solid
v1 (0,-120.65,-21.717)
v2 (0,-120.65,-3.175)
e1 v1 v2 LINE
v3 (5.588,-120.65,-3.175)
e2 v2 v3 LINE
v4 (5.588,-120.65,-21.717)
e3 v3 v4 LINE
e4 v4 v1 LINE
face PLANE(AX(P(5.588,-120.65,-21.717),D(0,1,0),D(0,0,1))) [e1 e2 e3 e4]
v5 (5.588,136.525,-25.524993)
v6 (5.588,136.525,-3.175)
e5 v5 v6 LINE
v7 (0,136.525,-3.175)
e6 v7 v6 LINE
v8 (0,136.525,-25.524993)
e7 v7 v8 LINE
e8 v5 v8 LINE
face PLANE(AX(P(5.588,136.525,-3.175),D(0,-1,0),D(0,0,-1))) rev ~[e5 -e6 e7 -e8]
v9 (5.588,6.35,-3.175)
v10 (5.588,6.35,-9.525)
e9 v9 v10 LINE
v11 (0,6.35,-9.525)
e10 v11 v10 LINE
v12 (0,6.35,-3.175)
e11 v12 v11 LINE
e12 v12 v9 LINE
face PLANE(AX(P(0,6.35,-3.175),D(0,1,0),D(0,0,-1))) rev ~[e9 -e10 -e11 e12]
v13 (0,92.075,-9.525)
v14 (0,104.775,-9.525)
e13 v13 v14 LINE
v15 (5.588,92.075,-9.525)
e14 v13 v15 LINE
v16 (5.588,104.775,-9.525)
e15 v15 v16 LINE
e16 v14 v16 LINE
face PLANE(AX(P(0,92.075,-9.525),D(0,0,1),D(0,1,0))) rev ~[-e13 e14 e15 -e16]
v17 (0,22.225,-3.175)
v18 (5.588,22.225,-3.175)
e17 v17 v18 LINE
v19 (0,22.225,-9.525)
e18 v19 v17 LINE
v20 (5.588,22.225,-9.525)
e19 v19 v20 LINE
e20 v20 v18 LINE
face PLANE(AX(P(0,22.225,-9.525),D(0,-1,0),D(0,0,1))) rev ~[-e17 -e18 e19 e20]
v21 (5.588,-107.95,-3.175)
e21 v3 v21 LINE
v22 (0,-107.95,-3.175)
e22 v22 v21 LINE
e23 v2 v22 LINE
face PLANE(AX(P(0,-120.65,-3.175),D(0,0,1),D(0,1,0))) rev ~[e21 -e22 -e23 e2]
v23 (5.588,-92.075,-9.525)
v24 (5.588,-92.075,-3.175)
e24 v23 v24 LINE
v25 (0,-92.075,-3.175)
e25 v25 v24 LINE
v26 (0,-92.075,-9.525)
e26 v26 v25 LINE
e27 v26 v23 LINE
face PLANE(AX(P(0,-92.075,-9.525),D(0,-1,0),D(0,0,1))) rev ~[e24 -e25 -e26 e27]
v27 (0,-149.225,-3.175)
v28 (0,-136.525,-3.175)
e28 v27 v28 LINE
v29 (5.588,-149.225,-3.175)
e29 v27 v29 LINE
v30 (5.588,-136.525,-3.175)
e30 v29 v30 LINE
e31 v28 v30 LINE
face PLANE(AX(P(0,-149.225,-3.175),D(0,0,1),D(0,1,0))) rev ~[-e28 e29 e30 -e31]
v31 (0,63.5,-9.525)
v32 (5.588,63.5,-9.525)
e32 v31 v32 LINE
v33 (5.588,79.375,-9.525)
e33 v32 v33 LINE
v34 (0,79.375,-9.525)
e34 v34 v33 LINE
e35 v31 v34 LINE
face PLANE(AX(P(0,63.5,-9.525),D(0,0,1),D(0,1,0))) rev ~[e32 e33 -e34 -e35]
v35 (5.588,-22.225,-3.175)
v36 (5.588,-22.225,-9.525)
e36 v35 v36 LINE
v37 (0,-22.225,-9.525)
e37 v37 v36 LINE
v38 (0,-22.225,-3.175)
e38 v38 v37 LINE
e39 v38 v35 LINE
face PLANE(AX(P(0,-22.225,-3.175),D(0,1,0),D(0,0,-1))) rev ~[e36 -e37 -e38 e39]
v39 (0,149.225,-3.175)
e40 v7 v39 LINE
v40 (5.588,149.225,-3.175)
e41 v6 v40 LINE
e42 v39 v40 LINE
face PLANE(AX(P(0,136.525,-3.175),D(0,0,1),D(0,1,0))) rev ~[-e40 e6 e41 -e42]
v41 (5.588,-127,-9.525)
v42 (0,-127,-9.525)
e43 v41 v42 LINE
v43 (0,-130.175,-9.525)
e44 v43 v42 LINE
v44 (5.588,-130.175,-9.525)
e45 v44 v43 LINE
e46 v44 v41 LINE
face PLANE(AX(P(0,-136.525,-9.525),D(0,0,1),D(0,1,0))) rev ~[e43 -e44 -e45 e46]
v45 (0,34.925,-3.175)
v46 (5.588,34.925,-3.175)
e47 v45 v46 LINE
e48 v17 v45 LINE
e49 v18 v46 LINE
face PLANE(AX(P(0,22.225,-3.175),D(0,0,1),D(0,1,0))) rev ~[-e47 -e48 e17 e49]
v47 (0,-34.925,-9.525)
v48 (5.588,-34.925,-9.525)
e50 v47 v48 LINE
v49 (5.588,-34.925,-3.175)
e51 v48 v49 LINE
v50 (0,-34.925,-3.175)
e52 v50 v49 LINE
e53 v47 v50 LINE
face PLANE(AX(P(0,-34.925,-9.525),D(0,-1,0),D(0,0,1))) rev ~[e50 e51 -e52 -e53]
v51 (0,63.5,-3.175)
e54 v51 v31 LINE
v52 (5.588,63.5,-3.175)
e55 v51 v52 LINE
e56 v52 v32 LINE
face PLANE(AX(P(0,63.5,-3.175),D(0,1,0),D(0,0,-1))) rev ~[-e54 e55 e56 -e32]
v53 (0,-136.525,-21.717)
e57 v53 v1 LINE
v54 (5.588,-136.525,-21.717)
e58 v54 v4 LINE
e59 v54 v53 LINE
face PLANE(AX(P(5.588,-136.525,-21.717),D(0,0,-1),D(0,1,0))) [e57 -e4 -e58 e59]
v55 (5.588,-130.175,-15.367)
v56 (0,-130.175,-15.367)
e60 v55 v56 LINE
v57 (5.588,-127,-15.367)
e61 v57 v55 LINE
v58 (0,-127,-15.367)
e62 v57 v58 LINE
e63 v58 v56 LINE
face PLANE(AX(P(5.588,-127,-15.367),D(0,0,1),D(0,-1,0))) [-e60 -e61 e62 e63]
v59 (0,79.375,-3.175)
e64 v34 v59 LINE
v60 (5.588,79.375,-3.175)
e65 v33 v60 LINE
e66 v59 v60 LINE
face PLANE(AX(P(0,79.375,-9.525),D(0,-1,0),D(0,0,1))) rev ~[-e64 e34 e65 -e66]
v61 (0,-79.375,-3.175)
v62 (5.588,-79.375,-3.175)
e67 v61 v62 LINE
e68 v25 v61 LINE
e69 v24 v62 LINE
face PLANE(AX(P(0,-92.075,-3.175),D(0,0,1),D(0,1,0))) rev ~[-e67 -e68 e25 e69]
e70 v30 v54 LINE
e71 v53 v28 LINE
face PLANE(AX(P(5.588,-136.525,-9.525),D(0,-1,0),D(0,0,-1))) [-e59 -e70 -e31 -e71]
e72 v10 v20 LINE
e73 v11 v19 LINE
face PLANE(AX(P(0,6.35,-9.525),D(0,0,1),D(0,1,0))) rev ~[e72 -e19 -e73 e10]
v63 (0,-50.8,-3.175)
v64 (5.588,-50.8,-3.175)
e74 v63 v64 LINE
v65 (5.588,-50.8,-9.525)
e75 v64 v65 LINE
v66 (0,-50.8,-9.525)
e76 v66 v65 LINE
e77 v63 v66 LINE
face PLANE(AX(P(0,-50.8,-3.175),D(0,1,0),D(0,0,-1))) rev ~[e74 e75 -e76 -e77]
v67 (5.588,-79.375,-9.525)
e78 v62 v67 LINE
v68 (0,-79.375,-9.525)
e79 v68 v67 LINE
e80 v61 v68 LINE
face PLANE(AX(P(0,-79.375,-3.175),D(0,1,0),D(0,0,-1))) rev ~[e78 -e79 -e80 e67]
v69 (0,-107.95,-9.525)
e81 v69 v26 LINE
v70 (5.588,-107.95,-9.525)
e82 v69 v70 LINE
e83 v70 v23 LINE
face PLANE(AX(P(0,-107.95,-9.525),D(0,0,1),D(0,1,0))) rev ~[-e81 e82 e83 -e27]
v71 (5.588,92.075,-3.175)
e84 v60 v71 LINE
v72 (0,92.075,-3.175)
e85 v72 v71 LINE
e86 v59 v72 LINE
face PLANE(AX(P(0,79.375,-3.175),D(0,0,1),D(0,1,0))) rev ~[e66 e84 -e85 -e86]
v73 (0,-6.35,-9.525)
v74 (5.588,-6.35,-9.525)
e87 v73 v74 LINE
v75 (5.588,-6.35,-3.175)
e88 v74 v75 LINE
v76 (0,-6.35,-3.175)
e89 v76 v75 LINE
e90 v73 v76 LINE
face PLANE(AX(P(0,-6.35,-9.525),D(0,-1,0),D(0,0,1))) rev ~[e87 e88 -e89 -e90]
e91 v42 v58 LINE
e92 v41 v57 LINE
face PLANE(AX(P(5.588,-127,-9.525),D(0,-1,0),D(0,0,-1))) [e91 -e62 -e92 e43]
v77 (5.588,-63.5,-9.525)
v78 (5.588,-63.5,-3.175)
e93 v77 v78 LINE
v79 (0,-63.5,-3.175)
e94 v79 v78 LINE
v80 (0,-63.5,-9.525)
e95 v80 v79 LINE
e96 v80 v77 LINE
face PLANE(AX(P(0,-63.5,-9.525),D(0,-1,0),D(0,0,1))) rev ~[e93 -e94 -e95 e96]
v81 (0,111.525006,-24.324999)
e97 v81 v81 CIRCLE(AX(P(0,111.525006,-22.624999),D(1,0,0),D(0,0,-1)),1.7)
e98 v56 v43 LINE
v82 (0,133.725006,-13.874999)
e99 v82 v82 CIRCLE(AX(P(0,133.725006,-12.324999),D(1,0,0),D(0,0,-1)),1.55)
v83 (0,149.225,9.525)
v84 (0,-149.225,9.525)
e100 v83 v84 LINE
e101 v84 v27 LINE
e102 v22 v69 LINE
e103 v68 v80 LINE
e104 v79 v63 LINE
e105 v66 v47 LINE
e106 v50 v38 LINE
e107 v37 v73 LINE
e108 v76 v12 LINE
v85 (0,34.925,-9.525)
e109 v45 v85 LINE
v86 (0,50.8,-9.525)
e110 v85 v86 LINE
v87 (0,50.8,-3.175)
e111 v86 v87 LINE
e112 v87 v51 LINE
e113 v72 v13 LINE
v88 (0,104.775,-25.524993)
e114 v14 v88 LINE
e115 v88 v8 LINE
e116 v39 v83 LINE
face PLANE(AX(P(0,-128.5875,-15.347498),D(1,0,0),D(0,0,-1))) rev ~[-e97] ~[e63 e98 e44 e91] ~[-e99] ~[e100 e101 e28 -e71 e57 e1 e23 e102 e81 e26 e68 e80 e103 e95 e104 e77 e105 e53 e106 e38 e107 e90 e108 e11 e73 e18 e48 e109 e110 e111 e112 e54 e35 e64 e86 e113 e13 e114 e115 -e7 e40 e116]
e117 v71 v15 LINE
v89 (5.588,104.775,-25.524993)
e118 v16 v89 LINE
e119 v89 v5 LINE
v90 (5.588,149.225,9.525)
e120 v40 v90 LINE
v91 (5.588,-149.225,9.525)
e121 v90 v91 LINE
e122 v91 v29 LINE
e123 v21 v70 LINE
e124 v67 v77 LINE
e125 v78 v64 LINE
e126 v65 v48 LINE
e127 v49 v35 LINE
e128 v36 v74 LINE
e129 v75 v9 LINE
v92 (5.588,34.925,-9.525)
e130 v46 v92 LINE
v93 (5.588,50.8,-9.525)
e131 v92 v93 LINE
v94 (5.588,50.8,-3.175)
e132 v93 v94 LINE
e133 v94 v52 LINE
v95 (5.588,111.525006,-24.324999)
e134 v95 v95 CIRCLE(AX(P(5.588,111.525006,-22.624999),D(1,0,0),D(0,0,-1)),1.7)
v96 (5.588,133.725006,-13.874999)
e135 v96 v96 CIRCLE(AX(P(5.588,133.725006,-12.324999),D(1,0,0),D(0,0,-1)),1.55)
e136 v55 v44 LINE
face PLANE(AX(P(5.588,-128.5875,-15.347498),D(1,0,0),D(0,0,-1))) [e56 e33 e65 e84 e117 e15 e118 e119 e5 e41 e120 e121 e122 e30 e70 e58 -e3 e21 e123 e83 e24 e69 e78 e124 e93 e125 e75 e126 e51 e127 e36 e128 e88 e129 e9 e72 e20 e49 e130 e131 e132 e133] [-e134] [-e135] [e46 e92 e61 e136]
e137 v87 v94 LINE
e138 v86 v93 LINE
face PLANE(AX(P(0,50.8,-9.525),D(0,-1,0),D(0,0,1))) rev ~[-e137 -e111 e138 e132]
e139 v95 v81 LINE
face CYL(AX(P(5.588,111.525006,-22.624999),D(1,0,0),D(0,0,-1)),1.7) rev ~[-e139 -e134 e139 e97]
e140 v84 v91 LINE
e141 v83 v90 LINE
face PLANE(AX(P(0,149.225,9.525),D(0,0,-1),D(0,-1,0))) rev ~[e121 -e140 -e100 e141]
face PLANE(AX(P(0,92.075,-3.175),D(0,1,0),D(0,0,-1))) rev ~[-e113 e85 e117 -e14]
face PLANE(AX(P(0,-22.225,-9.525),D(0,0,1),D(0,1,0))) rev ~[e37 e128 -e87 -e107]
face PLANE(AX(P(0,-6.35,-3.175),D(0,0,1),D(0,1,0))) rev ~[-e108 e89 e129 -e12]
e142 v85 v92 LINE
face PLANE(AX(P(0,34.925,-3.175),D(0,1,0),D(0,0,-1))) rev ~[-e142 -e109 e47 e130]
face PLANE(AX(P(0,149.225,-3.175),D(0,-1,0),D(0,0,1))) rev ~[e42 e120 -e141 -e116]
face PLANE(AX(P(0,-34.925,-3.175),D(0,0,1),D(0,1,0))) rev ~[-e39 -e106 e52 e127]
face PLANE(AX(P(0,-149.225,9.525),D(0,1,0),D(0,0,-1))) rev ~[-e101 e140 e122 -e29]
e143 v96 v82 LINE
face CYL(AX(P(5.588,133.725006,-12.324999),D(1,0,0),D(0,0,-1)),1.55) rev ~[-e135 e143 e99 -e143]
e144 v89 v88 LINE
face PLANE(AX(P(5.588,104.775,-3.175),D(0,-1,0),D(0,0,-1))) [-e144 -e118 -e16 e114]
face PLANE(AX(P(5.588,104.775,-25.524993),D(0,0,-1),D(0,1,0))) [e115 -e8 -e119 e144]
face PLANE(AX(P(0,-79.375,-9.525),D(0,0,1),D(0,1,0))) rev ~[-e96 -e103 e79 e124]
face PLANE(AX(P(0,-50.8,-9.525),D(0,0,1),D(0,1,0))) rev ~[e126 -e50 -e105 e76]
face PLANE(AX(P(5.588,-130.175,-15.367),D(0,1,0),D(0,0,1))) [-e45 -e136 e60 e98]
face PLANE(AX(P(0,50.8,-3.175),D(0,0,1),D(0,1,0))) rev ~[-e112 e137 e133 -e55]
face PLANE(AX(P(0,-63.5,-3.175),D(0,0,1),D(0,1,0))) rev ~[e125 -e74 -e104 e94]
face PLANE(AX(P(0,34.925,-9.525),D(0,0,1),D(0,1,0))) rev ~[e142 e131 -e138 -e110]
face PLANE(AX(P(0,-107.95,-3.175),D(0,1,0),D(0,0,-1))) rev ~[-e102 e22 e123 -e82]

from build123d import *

# Parameters (mm, degrees)
BOSS_EXTRUDE1_DEPTH = 5.588
SKETCH2_W           = 22.3499934
SKETCH2_H           = 31.75
SKETCH2_R           = 1.55
SKETCH2_R_2         = 1.7
BOSS_EXTRUDE2_DEPTH = 5.588


with BuildPart() as part:
    # Sketch1 → Boss-Extrude1 (new body)
    with BuildSketch(Plane(origin=(0, 0, 0), x_dir=(0, 0, -1), z_dir=(1, 0, 0))):
        Polygon((3.175, 120.65), (9.525, 120.65), (9.525, 136.525), (3.175, 136.525), (3.175, 149.225), (-9.525, 149.225), (-9.525, -149.225), (3.175, -149.225), (3.175, -136.525), (9.525, -136.525), (9.525, -120.65), (3.175, -120.65), (3.175, -107.95), (9.525, -107.95), (9.525, -92.075), (3.175, -92.075), (3.175, -79.375), (9.525, -79.375), (9.525, -63.5), (3.175, -63.5), (3.175, -50.8), (9.525, -50.8), (9.525, -34.925), (3.175, -34.925), (3.175, -22.225), (9.525, -22.225), (9.525, -6.35), (3.175, -6.35), (3.175, 6.35), (9.525, 6.35), (9.525, 22.225), (3.175, 22.225), (3.175, 34.925), (9.525, 34.925), (9.525, 50.8), (3.175, 50.8), (3.175, 63.5), (9.525, 63.5), (9.525, 79.375), (3.175, 79.375), (3.175, 92.075), (9.525, 92.075), (9.525, 107.95), (3.175, 107.95), align=None)
    extrude(amount=BOSS_EXTRUDE1_DEPTH)

    # Sketch2 → Boss-Extrude2 (add)
    with BuildSketch(Plane(origin=(5.588, 0, 0), x_dir=(0, 0, -1), z_dir=(1, 0, 0))):
        Polygon((21.717, -120.65), (9.525, -120.65), (9.525, -127), (15.367, -127), (15.367, -130.175), (9.525, -130.175), (9.525, -136.525), (21.717, -136.525), align=None)
        with Locations((14.3499967, 120.65)):
            Rectangle(SKETCH2_W, SKETCH2_H)
        with Locations((12.3249992, 133.7250056)):
            Circle(SKETCH2_R, mode=Mode.SUBTRACT)
        with Locations((22.6249992, 111.5250056)):
            Circle(SKETCH2_R_2, mode=Mode.SUBTRACT)
    extrude(amount=-BOSS_EXTRUDE2_DEPTH)


solid = part.part
